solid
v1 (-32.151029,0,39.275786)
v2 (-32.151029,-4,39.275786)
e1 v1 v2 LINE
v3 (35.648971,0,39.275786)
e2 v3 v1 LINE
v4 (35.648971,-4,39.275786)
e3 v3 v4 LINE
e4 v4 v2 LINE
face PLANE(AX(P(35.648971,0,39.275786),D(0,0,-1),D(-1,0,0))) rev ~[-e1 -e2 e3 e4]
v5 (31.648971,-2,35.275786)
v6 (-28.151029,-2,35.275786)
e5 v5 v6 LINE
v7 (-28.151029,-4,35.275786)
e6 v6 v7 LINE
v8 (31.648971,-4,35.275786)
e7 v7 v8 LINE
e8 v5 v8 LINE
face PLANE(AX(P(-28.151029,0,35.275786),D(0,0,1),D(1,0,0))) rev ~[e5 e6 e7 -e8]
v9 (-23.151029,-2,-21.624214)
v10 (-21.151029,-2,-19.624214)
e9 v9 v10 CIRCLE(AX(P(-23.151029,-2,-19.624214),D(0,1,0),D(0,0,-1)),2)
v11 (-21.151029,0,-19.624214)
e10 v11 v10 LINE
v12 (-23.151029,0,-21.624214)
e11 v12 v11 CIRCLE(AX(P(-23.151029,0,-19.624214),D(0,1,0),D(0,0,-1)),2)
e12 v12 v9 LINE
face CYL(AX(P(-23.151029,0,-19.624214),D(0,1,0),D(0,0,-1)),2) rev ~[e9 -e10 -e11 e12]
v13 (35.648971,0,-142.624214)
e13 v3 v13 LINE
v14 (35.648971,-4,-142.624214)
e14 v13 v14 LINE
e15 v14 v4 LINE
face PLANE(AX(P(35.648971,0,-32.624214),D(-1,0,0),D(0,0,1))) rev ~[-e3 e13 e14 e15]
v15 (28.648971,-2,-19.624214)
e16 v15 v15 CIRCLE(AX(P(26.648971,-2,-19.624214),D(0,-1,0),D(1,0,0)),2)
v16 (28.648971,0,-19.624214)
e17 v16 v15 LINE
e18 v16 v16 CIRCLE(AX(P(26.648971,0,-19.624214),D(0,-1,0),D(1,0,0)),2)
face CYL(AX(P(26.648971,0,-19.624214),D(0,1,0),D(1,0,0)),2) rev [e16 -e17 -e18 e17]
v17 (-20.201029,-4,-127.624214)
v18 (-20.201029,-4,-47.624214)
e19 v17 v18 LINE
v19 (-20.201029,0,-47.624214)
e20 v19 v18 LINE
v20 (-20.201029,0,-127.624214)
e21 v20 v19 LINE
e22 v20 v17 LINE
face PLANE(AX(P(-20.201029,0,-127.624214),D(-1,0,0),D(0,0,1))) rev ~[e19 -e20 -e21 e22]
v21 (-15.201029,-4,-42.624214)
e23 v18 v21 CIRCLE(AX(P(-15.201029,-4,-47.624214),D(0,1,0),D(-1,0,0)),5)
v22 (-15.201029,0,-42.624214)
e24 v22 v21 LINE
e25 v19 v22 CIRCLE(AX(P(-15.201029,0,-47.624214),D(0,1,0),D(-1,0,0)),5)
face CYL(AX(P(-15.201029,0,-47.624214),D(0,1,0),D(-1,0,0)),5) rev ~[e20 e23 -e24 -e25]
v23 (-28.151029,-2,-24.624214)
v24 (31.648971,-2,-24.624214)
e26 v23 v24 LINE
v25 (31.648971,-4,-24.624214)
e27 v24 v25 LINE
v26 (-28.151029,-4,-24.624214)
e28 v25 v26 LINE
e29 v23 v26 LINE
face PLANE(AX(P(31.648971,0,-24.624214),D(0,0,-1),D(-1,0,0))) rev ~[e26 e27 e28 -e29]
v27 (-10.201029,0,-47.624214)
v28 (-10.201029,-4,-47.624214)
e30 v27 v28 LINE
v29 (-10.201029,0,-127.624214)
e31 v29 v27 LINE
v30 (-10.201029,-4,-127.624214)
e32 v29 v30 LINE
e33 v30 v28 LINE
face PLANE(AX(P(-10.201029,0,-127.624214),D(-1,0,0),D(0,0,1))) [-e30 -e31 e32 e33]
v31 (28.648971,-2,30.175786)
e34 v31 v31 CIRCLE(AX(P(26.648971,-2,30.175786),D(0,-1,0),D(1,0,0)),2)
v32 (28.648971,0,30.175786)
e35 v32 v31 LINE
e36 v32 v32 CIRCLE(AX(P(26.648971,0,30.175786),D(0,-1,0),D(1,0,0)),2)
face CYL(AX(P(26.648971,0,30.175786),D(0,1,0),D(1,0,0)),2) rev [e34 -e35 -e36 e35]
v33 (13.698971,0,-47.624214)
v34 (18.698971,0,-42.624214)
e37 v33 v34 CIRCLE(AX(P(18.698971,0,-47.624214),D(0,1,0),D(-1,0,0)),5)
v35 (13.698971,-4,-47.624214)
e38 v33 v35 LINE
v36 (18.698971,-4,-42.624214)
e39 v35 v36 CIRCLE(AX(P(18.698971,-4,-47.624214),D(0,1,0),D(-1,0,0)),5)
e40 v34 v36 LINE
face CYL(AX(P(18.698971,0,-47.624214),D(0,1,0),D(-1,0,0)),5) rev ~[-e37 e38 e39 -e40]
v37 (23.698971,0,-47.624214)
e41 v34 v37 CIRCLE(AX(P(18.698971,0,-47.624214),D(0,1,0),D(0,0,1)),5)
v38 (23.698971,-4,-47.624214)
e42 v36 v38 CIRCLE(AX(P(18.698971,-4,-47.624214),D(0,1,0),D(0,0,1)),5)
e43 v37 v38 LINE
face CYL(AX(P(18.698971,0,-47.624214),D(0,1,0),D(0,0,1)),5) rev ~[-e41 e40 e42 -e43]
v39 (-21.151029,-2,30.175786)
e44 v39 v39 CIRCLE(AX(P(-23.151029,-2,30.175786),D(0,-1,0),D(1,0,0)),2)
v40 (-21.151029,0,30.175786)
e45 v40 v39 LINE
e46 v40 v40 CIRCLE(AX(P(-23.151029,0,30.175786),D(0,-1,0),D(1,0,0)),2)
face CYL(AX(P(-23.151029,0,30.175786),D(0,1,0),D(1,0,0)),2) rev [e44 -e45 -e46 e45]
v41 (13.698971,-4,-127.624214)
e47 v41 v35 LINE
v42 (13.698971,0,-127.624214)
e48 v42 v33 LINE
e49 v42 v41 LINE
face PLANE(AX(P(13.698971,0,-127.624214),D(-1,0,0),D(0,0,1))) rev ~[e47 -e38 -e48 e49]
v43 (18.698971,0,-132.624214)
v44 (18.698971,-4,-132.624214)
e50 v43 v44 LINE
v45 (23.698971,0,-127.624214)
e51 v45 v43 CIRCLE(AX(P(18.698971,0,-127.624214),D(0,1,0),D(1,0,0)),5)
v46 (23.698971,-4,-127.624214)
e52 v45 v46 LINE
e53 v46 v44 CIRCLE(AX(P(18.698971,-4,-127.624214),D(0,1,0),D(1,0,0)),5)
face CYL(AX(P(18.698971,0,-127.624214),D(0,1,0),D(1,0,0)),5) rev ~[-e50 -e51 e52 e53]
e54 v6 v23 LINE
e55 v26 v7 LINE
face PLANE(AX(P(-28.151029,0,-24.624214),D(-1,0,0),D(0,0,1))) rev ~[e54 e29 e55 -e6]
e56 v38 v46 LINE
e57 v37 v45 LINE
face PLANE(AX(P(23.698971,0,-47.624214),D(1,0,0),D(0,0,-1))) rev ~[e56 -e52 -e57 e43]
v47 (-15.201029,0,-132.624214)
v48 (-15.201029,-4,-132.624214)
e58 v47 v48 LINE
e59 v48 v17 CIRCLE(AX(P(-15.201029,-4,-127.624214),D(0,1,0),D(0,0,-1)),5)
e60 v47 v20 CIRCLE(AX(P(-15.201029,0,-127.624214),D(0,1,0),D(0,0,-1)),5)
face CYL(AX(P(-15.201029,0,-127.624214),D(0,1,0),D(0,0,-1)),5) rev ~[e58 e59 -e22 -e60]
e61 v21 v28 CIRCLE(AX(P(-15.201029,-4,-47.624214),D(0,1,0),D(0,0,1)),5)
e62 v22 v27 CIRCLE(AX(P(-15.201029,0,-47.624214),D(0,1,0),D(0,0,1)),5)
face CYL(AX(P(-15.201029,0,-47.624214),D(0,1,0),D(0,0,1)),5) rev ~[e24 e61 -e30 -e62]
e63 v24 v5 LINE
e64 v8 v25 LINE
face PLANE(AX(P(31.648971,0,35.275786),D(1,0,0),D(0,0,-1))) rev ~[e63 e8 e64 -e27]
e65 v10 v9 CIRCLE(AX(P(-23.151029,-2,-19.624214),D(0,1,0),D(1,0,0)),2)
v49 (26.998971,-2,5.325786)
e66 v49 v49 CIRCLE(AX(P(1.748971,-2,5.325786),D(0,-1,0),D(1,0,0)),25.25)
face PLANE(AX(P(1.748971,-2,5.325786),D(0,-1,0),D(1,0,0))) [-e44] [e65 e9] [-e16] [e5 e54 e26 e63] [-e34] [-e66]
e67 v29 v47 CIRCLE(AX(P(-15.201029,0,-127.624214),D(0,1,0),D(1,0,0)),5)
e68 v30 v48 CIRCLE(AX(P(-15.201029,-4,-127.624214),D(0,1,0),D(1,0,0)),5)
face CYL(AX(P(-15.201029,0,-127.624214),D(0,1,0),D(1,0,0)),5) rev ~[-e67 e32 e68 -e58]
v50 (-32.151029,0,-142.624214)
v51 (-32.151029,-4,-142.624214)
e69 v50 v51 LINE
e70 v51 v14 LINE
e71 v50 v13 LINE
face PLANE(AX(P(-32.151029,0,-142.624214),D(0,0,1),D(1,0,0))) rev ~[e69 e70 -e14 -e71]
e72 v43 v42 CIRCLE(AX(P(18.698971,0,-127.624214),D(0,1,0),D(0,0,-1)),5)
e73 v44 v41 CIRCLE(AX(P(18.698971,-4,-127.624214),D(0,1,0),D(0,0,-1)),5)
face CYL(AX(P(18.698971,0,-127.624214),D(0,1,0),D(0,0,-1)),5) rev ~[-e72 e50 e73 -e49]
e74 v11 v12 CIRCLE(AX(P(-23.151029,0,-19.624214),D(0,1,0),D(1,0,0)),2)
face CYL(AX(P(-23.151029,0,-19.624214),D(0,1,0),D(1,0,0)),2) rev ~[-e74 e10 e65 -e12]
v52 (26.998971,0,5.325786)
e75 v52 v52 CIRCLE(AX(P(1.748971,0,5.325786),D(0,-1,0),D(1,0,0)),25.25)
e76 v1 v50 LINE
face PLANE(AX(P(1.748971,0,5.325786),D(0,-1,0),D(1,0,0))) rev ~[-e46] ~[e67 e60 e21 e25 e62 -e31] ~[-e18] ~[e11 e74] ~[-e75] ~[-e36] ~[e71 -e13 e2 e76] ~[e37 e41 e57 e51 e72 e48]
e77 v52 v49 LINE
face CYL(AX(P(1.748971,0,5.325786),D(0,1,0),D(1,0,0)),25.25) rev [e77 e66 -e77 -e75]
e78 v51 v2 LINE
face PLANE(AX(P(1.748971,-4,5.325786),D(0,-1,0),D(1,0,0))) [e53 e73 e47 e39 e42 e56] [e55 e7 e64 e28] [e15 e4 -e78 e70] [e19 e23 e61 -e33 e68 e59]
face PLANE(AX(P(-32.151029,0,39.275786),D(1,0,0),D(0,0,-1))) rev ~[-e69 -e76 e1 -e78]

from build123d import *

# Parameters (mm, degrees)
F0_W     = 67.8
F0_H     = 4
F1_DEPTH = 4
F0_W_2   = 23.9
F0_H_2   = 80
F2_DEPTH = 4
F0_R     = 2
F0_R_2   = 25.25
F3_DEPTH = 2


with BuildPart() as f1:
    # F0 (on Front) → F1 (new body)
    with BuildSketch(Plane.XZ):
        Polygon((-32.1510285139, 39.2757860942), (-32.1510285139, -24.6242139058), (-32.1510285139, -28.6242139058), (35.6489714861, -28.6242139058), (35.6489714861, 39.2757860942), align=None)
        Polygon((31.6489714861, 35.2757860942), (31.6489714861, -24.6242139058), (-23.1510285139, -24.6242139058), (-28.1510285139, -24.6242139058), (-28.1510285139, 35.2757860942), align=None, mode=Mode.SUBTRACT)
        with Locations((1.7489714861, -30.6242139058)):
            Rectangle(F0_W, F0_H)
    extrude(amount=F1_DEPTH)

    # F0 (on Front) → F2 (join)
    with BuildSketch(Plane.XZ):
        Polygon((-32.1510285139, 39.2757860942), (-32.1510285139, -24.6242139058), (-32.1510285139, -28.6242139058), (35.6489714861, -28.6242139058), (35.6489714861, 39.2757860942), align=None)
        Polygon((31.6489714861, 35.2757860942), (31.6489714861, -24.6242139058), (-23.1510285139, -24.6242139058), (-28.1510285139, -24.6242139058), (-28.1510285139, 35.2757860942), align=None, mode=Mode.SUBTRACT)
        with Locations((1.7489714861, -30.6242139058)):
            Rectangle(F0_W, F0_H)
        with BuildLine():
            Line((35.6489714861, -32.6242139058), (-32.1510285139, -32.6242139058))
            Line((-32.1510285139, -32.6242139058), (-32.1510285139, -142.6242139058))
            Line((-32.1510285139, -142.6242139058), (-15.2010285139, -142.6242139058))
            Line((-15.2010285139, -142.6242139058), (-15.2010285139, -132.6242139058))
            ThreePointArc((-15.2010285139, -132.6242139058), (-18.7365624198, -131.1597478117), (-20.2010285139, -127.6242139058))
            Line((-20.2010285139, -127.6242139058), (-20.2010285139, -47.6242139058))
            ThreePointArc((-20.2010285139, -47.6242139058), (-18.7365624198, -44.0886799999), (-15.2010285139, -42.6242139058))
            Line((-15.2010285139, -42.6242139058), (18.6989714861, -42.6242139058))
            ThreePointArc((18.6989714861, -42.6242139058), (22.234505392, -44.0886799999), (23.6989714861, -47.6242139058))
            Line((23.6989714861, -47.6242139058), (23.6989714861, -127.6242139058))
            ThreePointArc((23.6989714861, -127.6242139058), (22.234505392, -131.1597478117), (18.6989714861, -132.6242139058))
            Line((18.6989714861, -132.6242139058), (18.6989714861, -142.6242139058))
            Line((18.6989714861, -142.6242139058), (35.6489714861, -142.6242139058))
            Line((35.6489714861, -142.6242139058), (35.6489714861, -32.6242139058))
        make_face()
        with BuildLine():
            Line((-15.2010285139, -132.6242139058), (-15.2010285139, -142.6242139058))
            Line((-15.2010285139, -142.6242139058), (1.7489714861, -142.6242139058))
            Line((1.7489714861, -142.6242139058), (18.6989714861, -142.6242139058))
            Line((18.6989714861, -142.6242139058), (18.6989714861, -132.6242139058))
            ThreePointArc((18.6989714861, -132.6242139058), (15.1634375802, -131.1597478117), (13.6989714861, -127.6242139058))
            Line((13.6989714861, -127.6242139058), (-10.2010285139, -127.6242139058))
            ThreePointArc((-10.2010285139, -127.6242139058), (-11.665494608, -131.1597478117), (-15.2010285139, -132.6242139058))
        make_face()
        with Locations((1.7489714861, -87.6242139058)):
            Rectangle(F0_W_2, F0_H_2)
        with BuildLine():
            ThreePointArc((-15.2010285139, -42.6242139058), (-11.665494608, -44.0886799999), (-10.2010285139, -47.6242139058))
            Line((-10.2010285139, -47.6242139058), (13.6989714861, -47.6242139058))
            ThreePointArc((13.6989714861, -47.6242139058), (15.1634375802, -44.0886799999), (18.6989714861, -42.6242139058))
            Line((18.6989714861, -42.6242139058), (-15.2010285139, -42.6242139058))
        make_face()
    extrude(amount=F2_DEPTH)

    # F0 (on Front) → F3 (join)
    with BuildSketch(Plane.XZ):
        Polygon((-23.1510285139, -24.6242139058), (31.6489714861, -24.6242139058), (31.6489714861, 35.2757860942), (-28.1510285139, 35.2757860942), (-28.1510285139, -24.6242139058), align=None)
        with BuildLine():
            ThreePointArc((-21.1510285139, -19.6242139058), (-21.7368149515, -21.0384274682), (-23.1510285139, -21.6242139058))
            ThreePointArc((-23.1510285139, -21.6242139058), (-24.5652420763, -18.2100003434), (-21.1510285139, -19.6242139058))
        make_face(mode=Mode.SUBTRACT)
        with Locations((-23.1510285139, 30.1757860942)):
            Circle(F0_R, mode=Mode.SUBTRACT)
        with Locations((26.6489714861, -19.6242139058)):
            Circle(F0_R, mode=Mode.SUBTRACT)
        with Locations((1.7489714861, 5.3257860942)):
            Circle(F0_R_2, mode=Mode.SUBTRACT)
        with Locations((26.6489714861, 30.1757860942)):
            Circle(F0_R, mode=Mode.SUBTRACT)
    extrude(amount=F3_DEPTH)


solid = f1.part
